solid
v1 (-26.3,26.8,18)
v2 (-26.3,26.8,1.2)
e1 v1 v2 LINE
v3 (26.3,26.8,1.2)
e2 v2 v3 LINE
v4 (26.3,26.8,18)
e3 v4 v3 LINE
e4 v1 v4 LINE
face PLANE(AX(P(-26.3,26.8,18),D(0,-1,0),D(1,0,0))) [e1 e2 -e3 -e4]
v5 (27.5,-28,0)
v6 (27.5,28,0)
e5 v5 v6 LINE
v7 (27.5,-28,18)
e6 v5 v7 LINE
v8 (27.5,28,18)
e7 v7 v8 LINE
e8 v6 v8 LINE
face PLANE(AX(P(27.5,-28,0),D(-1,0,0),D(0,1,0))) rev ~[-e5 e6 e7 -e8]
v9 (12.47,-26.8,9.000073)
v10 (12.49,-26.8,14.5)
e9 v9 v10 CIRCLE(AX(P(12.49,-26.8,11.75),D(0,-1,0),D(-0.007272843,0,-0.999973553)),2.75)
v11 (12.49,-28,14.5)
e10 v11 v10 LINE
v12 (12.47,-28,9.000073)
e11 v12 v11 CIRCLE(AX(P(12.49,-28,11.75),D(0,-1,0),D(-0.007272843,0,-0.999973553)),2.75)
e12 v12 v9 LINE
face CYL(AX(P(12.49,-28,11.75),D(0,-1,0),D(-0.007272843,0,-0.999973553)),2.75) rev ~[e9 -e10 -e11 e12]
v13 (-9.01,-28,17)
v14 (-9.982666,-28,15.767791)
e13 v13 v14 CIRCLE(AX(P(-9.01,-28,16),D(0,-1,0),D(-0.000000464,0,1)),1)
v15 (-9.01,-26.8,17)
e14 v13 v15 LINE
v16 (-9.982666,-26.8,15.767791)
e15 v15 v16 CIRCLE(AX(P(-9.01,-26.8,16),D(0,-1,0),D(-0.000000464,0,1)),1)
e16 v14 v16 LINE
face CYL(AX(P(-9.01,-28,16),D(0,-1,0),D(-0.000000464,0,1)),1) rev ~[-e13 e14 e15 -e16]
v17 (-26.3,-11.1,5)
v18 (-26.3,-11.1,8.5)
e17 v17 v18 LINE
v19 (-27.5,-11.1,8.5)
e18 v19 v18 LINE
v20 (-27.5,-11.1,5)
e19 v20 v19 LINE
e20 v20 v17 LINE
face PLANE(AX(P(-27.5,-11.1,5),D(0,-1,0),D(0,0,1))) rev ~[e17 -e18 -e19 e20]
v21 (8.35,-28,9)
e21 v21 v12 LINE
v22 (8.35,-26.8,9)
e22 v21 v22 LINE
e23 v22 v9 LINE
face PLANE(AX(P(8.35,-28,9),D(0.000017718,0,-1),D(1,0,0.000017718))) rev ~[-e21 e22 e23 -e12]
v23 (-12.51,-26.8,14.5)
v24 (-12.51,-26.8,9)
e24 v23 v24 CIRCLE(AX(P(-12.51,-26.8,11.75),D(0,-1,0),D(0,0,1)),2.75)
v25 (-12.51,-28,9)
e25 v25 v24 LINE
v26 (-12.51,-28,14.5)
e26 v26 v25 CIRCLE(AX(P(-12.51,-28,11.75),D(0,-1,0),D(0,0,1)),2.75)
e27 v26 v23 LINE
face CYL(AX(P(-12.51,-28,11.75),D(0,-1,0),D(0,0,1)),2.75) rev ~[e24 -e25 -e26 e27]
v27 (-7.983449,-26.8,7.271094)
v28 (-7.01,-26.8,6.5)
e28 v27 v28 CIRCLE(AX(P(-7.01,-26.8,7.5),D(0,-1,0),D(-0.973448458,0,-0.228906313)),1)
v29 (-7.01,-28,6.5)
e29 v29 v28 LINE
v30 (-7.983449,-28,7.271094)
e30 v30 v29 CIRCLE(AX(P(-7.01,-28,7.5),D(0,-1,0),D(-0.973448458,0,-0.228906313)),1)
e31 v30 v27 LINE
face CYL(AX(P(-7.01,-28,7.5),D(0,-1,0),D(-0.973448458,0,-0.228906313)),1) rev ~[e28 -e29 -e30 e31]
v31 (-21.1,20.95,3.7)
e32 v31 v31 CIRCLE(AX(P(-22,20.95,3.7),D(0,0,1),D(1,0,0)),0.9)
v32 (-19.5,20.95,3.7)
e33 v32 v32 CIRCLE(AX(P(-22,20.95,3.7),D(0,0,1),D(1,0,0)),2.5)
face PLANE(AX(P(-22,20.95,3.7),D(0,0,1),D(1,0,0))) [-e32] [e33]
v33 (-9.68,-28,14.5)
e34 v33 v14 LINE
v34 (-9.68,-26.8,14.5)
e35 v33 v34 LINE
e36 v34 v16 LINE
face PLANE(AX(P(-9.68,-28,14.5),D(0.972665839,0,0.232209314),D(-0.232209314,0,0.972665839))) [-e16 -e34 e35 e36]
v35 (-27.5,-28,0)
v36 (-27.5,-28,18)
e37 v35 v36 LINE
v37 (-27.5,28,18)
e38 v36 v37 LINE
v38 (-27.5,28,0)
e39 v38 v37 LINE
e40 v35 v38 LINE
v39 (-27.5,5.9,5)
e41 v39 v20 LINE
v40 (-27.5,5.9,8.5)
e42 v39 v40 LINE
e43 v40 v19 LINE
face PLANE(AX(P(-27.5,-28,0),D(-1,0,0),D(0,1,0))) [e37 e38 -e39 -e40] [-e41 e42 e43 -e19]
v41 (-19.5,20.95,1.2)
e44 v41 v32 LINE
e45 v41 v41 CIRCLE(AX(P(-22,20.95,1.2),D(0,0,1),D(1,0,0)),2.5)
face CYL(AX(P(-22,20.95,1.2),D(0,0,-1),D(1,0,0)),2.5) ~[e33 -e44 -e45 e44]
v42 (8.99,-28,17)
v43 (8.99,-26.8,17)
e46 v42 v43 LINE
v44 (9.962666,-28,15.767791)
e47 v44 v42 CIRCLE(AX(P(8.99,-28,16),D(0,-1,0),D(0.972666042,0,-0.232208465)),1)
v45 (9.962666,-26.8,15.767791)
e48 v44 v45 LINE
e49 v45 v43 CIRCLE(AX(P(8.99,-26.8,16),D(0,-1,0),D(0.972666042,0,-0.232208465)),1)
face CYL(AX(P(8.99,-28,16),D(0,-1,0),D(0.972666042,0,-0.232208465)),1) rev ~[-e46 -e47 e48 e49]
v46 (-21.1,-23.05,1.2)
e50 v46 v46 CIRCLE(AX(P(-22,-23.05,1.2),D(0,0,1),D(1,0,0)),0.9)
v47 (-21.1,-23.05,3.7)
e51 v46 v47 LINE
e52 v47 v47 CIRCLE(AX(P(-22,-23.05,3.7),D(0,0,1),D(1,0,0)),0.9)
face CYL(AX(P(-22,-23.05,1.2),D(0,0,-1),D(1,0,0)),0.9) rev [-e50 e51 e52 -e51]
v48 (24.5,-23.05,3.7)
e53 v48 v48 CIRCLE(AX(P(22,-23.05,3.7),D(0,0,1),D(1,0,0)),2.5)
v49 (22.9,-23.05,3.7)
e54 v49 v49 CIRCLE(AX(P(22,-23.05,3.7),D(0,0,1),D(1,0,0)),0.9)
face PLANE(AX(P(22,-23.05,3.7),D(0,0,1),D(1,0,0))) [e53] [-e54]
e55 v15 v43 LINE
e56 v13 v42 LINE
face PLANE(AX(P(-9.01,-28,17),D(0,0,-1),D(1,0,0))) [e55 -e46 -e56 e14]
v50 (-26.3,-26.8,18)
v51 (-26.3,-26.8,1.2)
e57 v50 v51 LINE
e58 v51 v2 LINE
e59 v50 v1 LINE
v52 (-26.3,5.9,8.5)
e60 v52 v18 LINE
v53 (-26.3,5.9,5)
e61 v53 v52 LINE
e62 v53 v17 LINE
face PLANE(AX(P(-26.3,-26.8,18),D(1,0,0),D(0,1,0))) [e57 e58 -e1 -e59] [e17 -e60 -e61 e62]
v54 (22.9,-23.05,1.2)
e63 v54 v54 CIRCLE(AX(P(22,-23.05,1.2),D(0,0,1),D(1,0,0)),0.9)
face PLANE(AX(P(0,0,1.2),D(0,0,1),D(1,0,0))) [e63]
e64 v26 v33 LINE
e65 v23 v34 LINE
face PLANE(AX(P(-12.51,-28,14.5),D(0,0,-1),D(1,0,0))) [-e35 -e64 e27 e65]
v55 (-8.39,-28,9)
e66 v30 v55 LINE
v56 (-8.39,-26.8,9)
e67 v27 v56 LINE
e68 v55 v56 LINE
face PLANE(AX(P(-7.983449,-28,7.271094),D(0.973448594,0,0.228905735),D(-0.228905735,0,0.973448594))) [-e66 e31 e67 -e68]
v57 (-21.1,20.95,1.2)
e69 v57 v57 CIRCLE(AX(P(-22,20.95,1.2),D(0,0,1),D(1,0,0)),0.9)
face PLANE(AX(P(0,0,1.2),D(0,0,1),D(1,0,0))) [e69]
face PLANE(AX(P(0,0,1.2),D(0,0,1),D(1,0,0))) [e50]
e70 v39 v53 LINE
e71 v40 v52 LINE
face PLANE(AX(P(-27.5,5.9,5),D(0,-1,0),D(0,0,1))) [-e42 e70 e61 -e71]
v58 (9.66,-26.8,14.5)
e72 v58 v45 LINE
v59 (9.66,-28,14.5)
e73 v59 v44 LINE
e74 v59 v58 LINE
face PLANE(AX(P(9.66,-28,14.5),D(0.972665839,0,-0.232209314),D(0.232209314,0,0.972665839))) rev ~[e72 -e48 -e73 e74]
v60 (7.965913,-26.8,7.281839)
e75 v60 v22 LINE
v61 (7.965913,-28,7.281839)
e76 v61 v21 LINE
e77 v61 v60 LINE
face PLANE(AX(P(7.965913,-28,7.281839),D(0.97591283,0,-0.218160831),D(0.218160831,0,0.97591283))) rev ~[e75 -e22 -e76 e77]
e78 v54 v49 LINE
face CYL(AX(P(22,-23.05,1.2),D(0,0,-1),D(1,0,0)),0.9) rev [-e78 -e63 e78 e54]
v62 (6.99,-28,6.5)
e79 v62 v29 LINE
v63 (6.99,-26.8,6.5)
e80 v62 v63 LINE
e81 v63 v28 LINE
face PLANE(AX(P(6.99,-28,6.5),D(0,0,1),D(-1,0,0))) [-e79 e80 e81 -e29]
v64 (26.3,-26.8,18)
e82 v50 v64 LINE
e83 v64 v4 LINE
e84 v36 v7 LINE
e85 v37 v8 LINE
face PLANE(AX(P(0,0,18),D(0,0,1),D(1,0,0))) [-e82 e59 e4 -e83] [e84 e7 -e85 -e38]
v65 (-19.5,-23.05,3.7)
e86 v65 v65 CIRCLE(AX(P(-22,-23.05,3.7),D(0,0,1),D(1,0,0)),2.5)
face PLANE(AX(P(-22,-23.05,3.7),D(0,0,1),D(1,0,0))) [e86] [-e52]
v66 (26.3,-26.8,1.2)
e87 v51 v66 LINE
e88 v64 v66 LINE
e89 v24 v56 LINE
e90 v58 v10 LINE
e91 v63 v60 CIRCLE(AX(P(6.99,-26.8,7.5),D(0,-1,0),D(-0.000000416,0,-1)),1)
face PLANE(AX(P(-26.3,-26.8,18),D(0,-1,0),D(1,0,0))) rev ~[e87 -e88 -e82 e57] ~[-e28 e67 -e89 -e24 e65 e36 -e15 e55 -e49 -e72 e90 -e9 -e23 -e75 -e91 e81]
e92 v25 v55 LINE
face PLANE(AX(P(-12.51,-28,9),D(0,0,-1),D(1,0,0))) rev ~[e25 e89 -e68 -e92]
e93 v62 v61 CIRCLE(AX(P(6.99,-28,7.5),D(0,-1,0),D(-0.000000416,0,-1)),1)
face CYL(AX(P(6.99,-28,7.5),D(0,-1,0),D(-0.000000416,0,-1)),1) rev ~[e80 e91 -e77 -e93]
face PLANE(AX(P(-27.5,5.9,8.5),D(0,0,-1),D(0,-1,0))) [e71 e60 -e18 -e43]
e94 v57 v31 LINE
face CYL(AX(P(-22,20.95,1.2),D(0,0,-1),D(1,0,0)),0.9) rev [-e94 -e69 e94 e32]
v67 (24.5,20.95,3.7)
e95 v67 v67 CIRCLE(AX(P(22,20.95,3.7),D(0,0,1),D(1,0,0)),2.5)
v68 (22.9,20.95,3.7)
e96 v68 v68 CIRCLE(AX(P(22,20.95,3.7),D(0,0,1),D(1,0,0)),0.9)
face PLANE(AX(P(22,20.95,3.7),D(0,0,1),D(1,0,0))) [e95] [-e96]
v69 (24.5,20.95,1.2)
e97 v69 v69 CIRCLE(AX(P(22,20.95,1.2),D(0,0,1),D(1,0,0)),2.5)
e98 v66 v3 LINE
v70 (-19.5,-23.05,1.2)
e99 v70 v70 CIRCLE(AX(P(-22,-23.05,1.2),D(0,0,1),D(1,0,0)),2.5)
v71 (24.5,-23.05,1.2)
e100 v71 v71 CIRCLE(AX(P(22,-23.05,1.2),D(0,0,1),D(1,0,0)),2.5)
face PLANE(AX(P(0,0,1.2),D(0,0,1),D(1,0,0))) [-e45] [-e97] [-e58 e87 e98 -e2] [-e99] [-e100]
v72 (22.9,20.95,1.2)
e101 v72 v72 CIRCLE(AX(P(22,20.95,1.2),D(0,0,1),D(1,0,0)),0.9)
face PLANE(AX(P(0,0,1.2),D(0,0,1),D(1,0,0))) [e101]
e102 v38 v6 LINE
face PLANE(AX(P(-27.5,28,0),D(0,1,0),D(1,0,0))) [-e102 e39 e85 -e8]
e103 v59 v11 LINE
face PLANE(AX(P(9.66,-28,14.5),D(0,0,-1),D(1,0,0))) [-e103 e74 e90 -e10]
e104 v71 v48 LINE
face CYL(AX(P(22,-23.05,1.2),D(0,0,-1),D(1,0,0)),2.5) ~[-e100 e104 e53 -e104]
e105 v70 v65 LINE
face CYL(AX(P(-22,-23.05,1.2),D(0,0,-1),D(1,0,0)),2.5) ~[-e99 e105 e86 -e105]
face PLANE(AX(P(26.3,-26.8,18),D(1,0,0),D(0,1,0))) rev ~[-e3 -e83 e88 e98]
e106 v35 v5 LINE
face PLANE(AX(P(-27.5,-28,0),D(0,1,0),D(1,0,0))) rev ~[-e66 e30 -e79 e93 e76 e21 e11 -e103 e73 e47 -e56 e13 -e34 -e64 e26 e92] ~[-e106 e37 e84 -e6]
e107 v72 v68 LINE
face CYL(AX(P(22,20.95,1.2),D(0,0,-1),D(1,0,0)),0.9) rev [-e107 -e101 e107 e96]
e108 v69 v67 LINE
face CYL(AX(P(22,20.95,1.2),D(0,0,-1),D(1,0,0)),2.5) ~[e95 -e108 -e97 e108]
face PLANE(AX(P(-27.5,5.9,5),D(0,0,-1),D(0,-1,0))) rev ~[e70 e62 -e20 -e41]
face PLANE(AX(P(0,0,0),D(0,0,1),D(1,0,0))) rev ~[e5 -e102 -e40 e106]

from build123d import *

# Parameters (mm, degrees)
SKETCH105_W     = 55
SKETCH105_H     = 56
PAD075_DEPTH    = 18
SKETCH012_W     = 52.6
SKETCH012_H     = 53.6
POCKET028_DEPTH = 16.8
POCKET029_DEPTH = 1.2
SKETCH014_W     = 17
SKETCH014_H     = 3.5
POCKET030_DEPTH = 1.2
SKETCH015_R     = 2.5
SKETCH015_R_2   = 0.9
PAD010_DEPTH    = 2.5


with BuildPart() as part:
    # Sketch105 → Pad075 (new body)
    with BuildSketch(Plane.XY):
        Rectangle(SKETCH105_W, SKETCH105_H)
    extrude(amount=PAD075_DEPTH)

    # Sketch012 (on Face6 of Pad075) → Pocket028 (cut)
    with BuildSketch(Plane.XY.offset(18)):
        Rectangle(SKETCH012_W, SKETCH012_H)
    extrude(amount=-POCKET028_DEPTH, mode=Mode.SUBTRACT)

    # Sketch013 (on Face6 of Pocket028) → Pocket029 (cut)
    with BuildSketch(Plane.XZ.offset(28)):
        with BuildLine():
            ThreePointArc((12.47, 9.000073), (15.239982, 11.74), (12.49, 14.5))
            Line((9.66, 14.5), (12.49, 14.5))
            Line((9.66, 14.5), (9.962666, 15.767791))
            ThreePointArc((9.962666, 15.767791), (9.774923, 16.619593), (8.99, 17))
            Line((-9.01, 17), (8.99, 17))
            ThreePointArc((-9.01, 17), (-9.794923, 16.619593), (-9.982666, 15.767791))
            Line((-9.68, 14.5), (-9.982666, 15.767791))
            Line((-12.51, 14.5), (-9.68, 14.5))
            ThreePointArc((-12.51, 14.5), (-15.26, 11.75), (-12.51, 9))
            Line((-12.51, 9), (-8.39, 9))
            Line((-7.983449, 7.271094), (-8.39, 9))
            ThreePointArc((-7.983449, 7.271094), (-7.630924, 6.716129), (-7.01, 6.5))
            Line((6.99, 6.5), (-7.01, 6.5))
            ThreePointArc((6.99, 6.5), (7.615236, 6.719564), (7.965913, 7.281839))
            Line((7.965913, 7.281839), (8.35, 9))
            Line((8.35, 9), (12.47, 9.000073))
        make_face()
    extrude(amount=-POCKET029_DEPTH, mode=Mode.SUBTRACT)

    # Sketch014 (on Face2 of Pocket029) → Pocket030 (cut)
    with BuildSketch(Plane(origin=(-27.5, 0, 0), x_dir=(0, -1, 0), z_dir=(-1, 0, 0))):
        with Locations((2.6, 6.75)):
            Rectangle(SKETCH014_W, SKETCH014_H)
    extrude(amount=-POCKET030_DEPTH, mode=Mode.SUBTRACT)

    # Sketch015 (on Face31 of Pocket030) → Pad010 (join)
    with BuildSketch(Plane.XY.offset(1.2)):
        with Locations((22, -23.05)):
            Circle(SKETCH015_R)
        with Locations((22, -23.05)):
            Circle(SKETCH015_R_2, mode=Mode.SUBTRACT)
        with Locations((-22, -23.05)):
            Circle(SKETCH015_R)
        with Locations((-22, -23.05)):
            Circle(SKETCH015_R_2, mode=Mode.SUBTRACT)
        with Locations((22, 20.95)):
            Circle(SKETCH015_R)
        with Locations((22, 20.95)):
            Circle(SKETCH015_R_2, mode=Mode.SUBTRACT)
        with Locations((-22, 20.95)):
            Circle(SKETCH015_R)
        with Locations((-22, 20.95)):
            Circle(SKETCH015_R_2, mode=Mode.SUBTRACT)
    extrude(amount=PAD010_DEPTH)


solid = part.part
